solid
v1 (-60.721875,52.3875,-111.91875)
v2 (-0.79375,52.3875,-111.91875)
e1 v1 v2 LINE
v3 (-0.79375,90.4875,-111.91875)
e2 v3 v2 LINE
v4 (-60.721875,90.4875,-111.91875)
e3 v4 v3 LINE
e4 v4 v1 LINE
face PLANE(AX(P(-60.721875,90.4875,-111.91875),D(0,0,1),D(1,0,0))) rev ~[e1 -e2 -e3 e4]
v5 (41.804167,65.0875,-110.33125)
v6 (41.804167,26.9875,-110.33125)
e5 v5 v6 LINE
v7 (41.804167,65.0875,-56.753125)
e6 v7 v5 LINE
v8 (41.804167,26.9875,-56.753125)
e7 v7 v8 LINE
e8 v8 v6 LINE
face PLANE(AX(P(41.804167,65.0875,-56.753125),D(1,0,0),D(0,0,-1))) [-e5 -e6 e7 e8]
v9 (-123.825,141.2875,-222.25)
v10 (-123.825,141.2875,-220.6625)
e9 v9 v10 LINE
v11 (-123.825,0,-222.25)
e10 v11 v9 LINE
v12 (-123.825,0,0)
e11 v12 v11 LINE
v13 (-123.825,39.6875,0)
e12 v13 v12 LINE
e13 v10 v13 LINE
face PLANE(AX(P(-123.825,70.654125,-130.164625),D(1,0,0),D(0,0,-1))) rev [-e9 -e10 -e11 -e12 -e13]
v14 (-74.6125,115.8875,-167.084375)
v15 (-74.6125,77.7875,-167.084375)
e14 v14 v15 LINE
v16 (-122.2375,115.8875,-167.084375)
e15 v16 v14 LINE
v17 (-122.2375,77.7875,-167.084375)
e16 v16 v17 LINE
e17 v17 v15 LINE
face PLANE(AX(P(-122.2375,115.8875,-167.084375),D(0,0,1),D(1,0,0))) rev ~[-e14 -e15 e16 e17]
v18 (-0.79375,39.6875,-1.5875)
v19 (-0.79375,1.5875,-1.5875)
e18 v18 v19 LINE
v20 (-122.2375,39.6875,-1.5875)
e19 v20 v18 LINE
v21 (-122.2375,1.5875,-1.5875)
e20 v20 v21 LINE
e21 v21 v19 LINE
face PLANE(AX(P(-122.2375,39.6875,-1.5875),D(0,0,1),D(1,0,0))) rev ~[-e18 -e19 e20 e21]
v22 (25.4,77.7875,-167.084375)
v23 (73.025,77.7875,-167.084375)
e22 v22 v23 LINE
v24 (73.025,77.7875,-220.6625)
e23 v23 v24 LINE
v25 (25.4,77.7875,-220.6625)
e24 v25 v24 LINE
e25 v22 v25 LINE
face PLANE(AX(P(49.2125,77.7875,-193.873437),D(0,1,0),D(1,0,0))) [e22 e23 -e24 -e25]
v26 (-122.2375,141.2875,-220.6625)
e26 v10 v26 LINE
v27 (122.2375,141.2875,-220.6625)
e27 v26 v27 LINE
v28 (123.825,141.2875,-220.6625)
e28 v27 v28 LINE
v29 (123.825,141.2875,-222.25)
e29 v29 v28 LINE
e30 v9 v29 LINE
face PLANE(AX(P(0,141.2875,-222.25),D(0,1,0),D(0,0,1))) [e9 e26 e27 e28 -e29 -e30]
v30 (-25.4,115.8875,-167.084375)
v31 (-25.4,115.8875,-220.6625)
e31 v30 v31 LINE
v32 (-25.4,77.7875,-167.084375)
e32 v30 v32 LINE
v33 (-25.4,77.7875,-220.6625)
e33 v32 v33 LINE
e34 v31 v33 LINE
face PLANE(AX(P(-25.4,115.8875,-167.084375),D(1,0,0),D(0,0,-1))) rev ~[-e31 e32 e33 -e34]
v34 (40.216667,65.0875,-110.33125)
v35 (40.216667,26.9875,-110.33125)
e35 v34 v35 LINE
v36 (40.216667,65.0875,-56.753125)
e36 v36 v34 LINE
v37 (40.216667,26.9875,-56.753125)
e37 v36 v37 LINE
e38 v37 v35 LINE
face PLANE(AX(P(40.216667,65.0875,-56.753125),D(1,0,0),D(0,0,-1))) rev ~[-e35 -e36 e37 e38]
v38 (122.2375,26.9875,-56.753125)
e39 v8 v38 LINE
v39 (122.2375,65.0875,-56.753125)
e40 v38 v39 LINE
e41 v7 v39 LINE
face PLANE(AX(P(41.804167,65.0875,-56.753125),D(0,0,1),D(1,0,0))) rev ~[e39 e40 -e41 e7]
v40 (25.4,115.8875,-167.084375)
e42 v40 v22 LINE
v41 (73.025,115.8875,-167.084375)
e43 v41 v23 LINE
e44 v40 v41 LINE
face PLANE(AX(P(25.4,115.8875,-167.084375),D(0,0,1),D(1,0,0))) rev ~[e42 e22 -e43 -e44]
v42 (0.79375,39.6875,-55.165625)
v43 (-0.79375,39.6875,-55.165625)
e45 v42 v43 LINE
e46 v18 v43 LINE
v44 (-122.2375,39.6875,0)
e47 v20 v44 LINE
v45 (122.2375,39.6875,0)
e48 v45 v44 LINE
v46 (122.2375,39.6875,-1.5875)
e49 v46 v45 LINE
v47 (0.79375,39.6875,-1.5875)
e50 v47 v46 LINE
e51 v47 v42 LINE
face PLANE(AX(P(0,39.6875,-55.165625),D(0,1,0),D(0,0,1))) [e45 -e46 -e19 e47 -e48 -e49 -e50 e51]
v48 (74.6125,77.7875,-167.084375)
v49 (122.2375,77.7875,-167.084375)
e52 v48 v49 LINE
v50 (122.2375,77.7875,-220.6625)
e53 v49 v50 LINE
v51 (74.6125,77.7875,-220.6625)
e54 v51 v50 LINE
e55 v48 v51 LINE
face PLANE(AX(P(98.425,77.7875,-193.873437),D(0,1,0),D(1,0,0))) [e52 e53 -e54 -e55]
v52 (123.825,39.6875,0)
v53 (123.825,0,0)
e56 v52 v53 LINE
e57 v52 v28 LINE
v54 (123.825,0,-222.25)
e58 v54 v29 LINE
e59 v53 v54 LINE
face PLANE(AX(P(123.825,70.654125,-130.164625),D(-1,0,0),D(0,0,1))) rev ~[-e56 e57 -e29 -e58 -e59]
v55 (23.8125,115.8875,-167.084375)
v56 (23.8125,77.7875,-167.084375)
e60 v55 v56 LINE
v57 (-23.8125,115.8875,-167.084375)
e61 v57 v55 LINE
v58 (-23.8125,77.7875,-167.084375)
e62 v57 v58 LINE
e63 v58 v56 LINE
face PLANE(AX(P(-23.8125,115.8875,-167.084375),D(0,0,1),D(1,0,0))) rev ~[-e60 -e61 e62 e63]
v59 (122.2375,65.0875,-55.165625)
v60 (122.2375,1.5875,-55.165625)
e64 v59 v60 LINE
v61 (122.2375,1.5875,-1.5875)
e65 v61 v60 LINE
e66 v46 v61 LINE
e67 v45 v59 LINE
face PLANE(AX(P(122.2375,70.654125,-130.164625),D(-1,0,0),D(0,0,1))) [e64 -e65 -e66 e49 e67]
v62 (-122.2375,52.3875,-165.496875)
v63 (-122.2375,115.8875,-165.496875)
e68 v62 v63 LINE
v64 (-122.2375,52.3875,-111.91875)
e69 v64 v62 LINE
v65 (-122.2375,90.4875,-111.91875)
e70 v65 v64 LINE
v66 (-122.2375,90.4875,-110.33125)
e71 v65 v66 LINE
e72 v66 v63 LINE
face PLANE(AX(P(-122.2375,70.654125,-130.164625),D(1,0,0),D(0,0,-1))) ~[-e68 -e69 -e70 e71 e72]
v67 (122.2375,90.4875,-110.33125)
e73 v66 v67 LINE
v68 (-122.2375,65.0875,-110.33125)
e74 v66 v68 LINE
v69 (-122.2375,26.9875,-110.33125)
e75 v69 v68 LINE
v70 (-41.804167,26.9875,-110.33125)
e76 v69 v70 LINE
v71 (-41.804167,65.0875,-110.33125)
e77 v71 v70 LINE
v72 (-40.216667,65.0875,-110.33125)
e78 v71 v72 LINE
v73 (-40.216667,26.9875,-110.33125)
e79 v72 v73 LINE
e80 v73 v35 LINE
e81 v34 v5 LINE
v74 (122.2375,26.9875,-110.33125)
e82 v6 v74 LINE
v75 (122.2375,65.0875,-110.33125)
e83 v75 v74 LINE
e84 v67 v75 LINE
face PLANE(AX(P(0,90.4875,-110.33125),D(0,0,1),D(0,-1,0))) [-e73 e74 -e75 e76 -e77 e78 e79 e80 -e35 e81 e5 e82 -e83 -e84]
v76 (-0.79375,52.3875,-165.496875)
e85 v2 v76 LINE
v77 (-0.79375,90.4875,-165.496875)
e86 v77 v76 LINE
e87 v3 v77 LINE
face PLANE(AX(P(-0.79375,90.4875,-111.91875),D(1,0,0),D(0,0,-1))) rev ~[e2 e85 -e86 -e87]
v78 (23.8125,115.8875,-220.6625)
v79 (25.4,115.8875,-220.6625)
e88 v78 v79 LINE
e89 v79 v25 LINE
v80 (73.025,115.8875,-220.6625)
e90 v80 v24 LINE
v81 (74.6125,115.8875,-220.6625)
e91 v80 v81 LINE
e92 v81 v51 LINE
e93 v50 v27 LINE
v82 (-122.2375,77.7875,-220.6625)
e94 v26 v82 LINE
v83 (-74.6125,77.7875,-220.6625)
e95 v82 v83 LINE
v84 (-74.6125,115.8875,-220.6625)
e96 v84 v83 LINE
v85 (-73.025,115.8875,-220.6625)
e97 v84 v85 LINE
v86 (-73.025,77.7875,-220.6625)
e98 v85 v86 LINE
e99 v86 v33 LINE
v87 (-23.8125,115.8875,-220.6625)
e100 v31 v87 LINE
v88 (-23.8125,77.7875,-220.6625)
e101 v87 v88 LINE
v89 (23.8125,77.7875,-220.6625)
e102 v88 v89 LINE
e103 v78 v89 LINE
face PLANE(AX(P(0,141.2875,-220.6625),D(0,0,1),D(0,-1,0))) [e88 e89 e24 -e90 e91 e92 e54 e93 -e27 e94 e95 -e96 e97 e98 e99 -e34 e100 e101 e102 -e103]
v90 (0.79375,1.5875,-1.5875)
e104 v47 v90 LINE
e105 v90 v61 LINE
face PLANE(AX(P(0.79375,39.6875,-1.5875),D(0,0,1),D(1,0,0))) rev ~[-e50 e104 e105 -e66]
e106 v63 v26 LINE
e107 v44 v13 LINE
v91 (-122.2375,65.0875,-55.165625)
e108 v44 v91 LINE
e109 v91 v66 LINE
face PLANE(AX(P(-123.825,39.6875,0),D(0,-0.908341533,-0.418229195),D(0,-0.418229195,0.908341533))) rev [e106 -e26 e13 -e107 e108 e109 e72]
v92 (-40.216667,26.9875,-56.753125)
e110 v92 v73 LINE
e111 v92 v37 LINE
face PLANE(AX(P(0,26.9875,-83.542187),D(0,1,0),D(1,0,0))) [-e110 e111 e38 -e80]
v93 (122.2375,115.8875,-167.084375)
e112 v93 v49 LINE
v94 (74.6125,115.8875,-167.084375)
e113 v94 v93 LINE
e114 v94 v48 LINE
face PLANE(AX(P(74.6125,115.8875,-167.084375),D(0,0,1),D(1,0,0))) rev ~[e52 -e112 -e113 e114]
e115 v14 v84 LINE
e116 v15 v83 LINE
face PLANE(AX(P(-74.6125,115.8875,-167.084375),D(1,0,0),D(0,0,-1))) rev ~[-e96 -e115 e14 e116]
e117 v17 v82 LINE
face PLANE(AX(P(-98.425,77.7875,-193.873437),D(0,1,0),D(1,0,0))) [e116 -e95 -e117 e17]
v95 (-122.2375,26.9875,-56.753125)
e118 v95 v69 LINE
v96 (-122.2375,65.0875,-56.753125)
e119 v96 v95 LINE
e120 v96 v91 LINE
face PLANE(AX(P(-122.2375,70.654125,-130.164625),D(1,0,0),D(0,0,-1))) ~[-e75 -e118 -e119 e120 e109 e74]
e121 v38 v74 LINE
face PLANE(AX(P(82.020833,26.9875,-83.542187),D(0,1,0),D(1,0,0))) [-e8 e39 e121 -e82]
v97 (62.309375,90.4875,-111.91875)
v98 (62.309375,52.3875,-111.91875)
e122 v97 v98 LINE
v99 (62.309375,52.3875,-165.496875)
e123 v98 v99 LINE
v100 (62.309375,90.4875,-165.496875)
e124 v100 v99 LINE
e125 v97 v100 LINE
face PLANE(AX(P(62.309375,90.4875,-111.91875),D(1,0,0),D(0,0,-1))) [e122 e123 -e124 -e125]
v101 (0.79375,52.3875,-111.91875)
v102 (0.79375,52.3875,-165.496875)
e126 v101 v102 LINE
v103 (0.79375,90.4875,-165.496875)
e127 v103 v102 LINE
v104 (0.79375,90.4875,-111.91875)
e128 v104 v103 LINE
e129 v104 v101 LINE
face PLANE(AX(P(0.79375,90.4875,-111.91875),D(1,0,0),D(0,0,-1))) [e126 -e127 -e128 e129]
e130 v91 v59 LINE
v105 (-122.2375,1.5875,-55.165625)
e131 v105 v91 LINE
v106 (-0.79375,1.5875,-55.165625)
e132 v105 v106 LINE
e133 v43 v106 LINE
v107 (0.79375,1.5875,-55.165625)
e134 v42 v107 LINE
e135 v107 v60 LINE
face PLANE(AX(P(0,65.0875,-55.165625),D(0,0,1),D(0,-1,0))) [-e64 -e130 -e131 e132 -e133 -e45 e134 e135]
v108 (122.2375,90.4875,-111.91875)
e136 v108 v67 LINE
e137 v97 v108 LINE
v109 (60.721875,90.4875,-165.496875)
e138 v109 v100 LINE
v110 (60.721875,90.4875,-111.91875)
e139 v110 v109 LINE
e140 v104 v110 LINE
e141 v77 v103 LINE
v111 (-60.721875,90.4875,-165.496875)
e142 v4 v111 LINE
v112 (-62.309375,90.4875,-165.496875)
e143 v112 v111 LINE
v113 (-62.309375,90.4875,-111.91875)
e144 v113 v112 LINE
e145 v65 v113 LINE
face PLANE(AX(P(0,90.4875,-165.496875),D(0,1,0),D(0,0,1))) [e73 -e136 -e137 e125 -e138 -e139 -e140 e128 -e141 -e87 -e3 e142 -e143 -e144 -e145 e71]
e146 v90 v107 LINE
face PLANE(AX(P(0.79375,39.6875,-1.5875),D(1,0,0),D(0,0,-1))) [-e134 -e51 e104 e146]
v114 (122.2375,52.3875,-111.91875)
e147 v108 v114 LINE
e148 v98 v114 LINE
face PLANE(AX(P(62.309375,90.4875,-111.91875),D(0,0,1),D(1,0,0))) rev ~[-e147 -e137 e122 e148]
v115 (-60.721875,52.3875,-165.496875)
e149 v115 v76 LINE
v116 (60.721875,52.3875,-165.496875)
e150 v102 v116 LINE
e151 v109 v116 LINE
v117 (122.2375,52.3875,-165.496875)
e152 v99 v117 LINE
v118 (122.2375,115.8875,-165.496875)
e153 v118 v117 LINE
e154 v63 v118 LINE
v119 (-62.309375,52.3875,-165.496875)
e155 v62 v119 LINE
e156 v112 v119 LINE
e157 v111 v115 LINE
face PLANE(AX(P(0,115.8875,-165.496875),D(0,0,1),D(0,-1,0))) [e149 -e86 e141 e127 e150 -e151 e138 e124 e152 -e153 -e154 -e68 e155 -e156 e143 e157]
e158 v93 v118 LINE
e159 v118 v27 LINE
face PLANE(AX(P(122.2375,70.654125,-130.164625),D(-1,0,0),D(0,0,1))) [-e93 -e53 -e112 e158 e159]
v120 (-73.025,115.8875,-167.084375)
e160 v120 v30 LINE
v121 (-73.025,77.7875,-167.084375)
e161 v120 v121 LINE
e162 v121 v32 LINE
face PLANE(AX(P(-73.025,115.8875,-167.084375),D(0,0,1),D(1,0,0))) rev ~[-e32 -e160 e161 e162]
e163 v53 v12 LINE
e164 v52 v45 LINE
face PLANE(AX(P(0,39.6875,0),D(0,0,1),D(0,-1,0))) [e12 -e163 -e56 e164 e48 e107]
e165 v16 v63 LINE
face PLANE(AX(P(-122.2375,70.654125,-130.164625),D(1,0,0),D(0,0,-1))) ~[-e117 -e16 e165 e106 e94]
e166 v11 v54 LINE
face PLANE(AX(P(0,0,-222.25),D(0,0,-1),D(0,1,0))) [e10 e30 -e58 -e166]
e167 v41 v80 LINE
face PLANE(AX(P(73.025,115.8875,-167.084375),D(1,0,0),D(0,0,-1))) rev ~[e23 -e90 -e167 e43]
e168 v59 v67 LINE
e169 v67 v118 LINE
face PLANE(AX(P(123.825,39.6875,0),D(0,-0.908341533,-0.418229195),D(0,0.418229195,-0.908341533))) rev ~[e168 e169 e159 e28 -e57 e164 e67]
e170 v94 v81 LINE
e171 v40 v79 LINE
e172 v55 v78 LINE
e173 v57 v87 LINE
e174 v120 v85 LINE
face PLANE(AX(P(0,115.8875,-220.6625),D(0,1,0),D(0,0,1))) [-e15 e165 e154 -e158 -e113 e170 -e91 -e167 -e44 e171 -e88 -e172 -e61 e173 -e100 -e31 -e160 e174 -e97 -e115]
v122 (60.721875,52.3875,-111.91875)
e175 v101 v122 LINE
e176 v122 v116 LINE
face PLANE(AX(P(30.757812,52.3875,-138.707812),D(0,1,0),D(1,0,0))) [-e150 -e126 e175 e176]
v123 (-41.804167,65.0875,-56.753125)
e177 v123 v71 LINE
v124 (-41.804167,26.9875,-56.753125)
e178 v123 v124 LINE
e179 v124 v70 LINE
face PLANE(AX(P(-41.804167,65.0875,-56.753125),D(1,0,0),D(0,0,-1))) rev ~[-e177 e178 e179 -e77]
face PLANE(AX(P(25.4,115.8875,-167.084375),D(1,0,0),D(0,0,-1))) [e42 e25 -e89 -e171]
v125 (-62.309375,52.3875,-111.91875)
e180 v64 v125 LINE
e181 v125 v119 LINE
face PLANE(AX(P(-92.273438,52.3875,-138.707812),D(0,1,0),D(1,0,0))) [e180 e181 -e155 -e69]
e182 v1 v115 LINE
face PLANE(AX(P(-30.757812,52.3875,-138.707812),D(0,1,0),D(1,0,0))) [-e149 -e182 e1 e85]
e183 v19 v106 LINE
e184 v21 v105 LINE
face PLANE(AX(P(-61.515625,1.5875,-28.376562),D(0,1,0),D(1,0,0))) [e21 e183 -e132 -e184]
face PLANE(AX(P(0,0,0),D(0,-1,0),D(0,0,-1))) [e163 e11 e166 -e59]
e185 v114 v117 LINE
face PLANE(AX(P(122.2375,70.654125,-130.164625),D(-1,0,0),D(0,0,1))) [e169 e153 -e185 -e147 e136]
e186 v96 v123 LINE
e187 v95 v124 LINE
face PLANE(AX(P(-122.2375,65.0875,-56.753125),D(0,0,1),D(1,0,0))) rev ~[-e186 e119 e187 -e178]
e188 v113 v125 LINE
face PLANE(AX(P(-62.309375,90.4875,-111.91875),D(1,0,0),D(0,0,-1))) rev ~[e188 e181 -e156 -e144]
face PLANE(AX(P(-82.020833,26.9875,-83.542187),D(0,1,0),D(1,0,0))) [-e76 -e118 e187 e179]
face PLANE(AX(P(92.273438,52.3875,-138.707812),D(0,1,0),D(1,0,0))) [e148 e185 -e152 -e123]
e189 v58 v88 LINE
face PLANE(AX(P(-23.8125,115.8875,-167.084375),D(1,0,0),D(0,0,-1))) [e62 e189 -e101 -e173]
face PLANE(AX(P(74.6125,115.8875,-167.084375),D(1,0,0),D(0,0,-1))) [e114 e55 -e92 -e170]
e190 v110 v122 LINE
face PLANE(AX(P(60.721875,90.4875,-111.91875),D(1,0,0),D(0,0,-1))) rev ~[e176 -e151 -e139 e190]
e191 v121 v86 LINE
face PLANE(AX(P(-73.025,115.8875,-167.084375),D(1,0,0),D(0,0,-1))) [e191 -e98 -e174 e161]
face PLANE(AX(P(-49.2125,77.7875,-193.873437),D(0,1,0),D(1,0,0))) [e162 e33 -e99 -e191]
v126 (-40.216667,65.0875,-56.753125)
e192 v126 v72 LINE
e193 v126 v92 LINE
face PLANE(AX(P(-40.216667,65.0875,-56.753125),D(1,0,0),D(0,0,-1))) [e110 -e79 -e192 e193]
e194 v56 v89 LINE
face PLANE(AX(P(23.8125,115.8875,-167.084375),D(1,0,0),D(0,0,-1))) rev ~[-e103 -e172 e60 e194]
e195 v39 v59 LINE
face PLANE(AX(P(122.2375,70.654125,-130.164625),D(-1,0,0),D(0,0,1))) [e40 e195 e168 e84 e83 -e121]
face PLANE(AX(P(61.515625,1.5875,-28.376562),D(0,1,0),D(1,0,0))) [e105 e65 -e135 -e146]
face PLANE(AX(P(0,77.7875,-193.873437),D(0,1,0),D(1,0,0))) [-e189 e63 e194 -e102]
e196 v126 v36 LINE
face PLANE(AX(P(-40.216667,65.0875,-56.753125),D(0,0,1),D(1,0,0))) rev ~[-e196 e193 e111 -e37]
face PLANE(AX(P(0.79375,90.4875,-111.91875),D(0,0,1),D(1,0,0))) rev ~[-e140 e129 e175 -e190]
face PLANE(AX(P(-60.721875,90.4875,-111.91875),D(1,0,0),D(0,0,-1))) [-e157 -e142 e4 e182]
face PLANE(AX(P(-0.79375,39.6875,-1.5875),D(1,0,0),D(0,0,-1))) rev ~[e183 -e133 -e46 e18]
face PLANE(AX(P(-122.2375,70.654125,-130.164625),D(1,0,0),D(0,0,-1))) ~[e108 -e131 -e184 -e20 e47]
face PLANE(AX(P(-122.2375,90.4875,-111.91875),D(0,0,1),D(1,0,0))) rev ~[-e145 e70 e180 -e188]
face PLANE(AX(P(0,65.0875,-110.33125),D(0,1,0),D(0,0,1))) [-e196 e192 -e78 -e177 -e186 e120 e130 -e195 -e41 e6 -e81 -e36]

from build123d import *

# Parameters (mm, degrees)
BOSS_EXTRUDE1_DEPTH = 123.825
SKETCH3_W           = 121.44375
SKETCH3_H           = 53.578125
CUT_EXTRUDE1_DEPTH  = 38.1
SKETCH4_W           = 80.433333333
SKETCH4_H           = 53.578125
SKETCH4_W_2         = 80.433333334
CUT_EXTRUDE2_DEPTH  = 38.1
SKETCH5_W           = 59.928125
SKETCH5_H           = 53.578125
CUT_EXTRUDE3_DEPTH  = 38.1
SKETCH6_W           = 47.625
SKETCH6_H           = 53.578125
CUT_EXTRUDE4_DEPTH  = 38.1
BOSS_EXTRUDE2_DEPTH = 1.5875


with BuildPart() as part:
    # Sketch1 → Boss-Extrude1 (new, symmetric)
    with BuildSketch(Plane(origin=(0, 0, 0), x_dir=(0, 0, -1), z_dir=(1, 0, 0))):
        Polygon((0, 0), (222.25, 0), (222.25, 115.8875), (222.25, 141.2875), (220.6625, 141.2875), (220.6625, 115.8875), (165.496875, 115.8875), (165.496875, 90.4875), (110.33125, 90.4875), (110.33125, 65.0875), (55.165625, 65.0875), (55.165625, 39.6875), (0, 39.6875), (0, 14.2875), align=None)
    extrude(amount=BOSS_EXTRUDE1_DEPTH, both=True)

    # Sketch3 → Cut-Extrude1 (cut)
    with BuildSketch(Plane(origin=(0, 39.6875, 0), x_dir=(1, 0, 0), z_dir=(0, 1, 0))):
        with Locations((-61.515625, 28.3765625)):
            Rectangle(SKETCH3_W, SKETCH3_H)
        with Locations((61.515625, 28.3765625)):
            Rectangle(SKETCH3_W, SKETCH3_H)
    extrude(amount=-CUT_EXTRUDE1_DEPTH, mode=Mode.SUBTRACT)

    # Sketch4 → Cut-Extrude2 (cut)
    with BuildSketch(Plane(origin=(0, 65.0875, 0), x_dir=(1, 0, 0), z_dir=(0, 1, 0))):
        with Locations((-82.020833334, 83.5421875)):
            Rectangle(SKETCH4_W, SKETCH4_H)
        with Locations((0, 83.5421875)):
            Rectangle(SKETCH4_W_2, SKETCH4_H)
        with Locations((82.020833334, 83.5421875)):
            Rectangle(SKETCH4_W, SKETCH4_H)
    extrude(amount=-CUT_EXTRUDE2_DEPTH, mode=Mode.SUBTRACT)

    # Sketch5 → Cut-Extrude3 (cut)
    with BuildSketch(Plane(origin=(0, 90.4875, 0), x_dir=(1, 0, 0), z_dir=(0, 1, 0))):
        with Locations((-92.2734375, 138.7078125)):
            Rectangle(SKETCH5_W, SKETCH5_H)
        with Locations((-30.7578125, 138.7078125)):
            Rectangle(SKETCH5_W, SKETCH5_H)
        with Locations((30.7578125, 138.7078125)):
            Rectangle(SKETCH5_W, SKETCH5_H)
        with Locations((92.2734375, 138.7078125)):
            Rectangle(SKETCH5_W, SKETCH5_H)
    extrude(amount=-CUT_EXTRUDE3_DEPTH, mode=Mode.SUBTRACT)

    # Sketch6 → Cut-Extrude4 (cut)
    with BuildSketch(Plane(origin=(0, 115.8875, 0), x_dir=(1, 0, 0), z_dir=(0, 1, 0))):
        with Locations((-98.425, 193.8734375)):
            Rectangle(SKETCH6_W, SKETCH6_H)
        with Locations((-49.2125, 193.8734375)):
            Rectangle(SKETCH6_W, SKETCH6_H)
        with Locations((0, 193.8734375)):
            Rectangle(SKETCH6_W, SKETCH6_H)
        with Locations((49.2125, 193.8734375)):
            Rectangle(SKETCH6_W, SKETCH6_H)
        with Locations((98.425, 193.8734375)):
            Rectangle(SKETCH6_W, SKETCH6_H)
    extrude(amount=-CUT_EXTRUDE4_DEPTH, mode=Mode.SUBTRACT)

    # Sketch7 → Boss-Extrude2 (add)
    with BuildSketch(Plane(origin=(123.825, 0, 0), x_dir=(0, 0, -1), z_dir=(1, 0, 0))):
        Polygon((0, 39.6875), (220.6625, 141.2875), (220.6625, 39.6875), align=None)
    boss_extrude2 = extrude(amount=-BOSS_EXTRUDE2_DEPTH)

    # Mirror1: Boss-Extrude2 across plane
    add(boss_extrude2.mirror(Plane(origin=(0, 0, 0), x_dir=(0, 0, 1), z_dir=(1, 0, 0))))


solid = part.part
